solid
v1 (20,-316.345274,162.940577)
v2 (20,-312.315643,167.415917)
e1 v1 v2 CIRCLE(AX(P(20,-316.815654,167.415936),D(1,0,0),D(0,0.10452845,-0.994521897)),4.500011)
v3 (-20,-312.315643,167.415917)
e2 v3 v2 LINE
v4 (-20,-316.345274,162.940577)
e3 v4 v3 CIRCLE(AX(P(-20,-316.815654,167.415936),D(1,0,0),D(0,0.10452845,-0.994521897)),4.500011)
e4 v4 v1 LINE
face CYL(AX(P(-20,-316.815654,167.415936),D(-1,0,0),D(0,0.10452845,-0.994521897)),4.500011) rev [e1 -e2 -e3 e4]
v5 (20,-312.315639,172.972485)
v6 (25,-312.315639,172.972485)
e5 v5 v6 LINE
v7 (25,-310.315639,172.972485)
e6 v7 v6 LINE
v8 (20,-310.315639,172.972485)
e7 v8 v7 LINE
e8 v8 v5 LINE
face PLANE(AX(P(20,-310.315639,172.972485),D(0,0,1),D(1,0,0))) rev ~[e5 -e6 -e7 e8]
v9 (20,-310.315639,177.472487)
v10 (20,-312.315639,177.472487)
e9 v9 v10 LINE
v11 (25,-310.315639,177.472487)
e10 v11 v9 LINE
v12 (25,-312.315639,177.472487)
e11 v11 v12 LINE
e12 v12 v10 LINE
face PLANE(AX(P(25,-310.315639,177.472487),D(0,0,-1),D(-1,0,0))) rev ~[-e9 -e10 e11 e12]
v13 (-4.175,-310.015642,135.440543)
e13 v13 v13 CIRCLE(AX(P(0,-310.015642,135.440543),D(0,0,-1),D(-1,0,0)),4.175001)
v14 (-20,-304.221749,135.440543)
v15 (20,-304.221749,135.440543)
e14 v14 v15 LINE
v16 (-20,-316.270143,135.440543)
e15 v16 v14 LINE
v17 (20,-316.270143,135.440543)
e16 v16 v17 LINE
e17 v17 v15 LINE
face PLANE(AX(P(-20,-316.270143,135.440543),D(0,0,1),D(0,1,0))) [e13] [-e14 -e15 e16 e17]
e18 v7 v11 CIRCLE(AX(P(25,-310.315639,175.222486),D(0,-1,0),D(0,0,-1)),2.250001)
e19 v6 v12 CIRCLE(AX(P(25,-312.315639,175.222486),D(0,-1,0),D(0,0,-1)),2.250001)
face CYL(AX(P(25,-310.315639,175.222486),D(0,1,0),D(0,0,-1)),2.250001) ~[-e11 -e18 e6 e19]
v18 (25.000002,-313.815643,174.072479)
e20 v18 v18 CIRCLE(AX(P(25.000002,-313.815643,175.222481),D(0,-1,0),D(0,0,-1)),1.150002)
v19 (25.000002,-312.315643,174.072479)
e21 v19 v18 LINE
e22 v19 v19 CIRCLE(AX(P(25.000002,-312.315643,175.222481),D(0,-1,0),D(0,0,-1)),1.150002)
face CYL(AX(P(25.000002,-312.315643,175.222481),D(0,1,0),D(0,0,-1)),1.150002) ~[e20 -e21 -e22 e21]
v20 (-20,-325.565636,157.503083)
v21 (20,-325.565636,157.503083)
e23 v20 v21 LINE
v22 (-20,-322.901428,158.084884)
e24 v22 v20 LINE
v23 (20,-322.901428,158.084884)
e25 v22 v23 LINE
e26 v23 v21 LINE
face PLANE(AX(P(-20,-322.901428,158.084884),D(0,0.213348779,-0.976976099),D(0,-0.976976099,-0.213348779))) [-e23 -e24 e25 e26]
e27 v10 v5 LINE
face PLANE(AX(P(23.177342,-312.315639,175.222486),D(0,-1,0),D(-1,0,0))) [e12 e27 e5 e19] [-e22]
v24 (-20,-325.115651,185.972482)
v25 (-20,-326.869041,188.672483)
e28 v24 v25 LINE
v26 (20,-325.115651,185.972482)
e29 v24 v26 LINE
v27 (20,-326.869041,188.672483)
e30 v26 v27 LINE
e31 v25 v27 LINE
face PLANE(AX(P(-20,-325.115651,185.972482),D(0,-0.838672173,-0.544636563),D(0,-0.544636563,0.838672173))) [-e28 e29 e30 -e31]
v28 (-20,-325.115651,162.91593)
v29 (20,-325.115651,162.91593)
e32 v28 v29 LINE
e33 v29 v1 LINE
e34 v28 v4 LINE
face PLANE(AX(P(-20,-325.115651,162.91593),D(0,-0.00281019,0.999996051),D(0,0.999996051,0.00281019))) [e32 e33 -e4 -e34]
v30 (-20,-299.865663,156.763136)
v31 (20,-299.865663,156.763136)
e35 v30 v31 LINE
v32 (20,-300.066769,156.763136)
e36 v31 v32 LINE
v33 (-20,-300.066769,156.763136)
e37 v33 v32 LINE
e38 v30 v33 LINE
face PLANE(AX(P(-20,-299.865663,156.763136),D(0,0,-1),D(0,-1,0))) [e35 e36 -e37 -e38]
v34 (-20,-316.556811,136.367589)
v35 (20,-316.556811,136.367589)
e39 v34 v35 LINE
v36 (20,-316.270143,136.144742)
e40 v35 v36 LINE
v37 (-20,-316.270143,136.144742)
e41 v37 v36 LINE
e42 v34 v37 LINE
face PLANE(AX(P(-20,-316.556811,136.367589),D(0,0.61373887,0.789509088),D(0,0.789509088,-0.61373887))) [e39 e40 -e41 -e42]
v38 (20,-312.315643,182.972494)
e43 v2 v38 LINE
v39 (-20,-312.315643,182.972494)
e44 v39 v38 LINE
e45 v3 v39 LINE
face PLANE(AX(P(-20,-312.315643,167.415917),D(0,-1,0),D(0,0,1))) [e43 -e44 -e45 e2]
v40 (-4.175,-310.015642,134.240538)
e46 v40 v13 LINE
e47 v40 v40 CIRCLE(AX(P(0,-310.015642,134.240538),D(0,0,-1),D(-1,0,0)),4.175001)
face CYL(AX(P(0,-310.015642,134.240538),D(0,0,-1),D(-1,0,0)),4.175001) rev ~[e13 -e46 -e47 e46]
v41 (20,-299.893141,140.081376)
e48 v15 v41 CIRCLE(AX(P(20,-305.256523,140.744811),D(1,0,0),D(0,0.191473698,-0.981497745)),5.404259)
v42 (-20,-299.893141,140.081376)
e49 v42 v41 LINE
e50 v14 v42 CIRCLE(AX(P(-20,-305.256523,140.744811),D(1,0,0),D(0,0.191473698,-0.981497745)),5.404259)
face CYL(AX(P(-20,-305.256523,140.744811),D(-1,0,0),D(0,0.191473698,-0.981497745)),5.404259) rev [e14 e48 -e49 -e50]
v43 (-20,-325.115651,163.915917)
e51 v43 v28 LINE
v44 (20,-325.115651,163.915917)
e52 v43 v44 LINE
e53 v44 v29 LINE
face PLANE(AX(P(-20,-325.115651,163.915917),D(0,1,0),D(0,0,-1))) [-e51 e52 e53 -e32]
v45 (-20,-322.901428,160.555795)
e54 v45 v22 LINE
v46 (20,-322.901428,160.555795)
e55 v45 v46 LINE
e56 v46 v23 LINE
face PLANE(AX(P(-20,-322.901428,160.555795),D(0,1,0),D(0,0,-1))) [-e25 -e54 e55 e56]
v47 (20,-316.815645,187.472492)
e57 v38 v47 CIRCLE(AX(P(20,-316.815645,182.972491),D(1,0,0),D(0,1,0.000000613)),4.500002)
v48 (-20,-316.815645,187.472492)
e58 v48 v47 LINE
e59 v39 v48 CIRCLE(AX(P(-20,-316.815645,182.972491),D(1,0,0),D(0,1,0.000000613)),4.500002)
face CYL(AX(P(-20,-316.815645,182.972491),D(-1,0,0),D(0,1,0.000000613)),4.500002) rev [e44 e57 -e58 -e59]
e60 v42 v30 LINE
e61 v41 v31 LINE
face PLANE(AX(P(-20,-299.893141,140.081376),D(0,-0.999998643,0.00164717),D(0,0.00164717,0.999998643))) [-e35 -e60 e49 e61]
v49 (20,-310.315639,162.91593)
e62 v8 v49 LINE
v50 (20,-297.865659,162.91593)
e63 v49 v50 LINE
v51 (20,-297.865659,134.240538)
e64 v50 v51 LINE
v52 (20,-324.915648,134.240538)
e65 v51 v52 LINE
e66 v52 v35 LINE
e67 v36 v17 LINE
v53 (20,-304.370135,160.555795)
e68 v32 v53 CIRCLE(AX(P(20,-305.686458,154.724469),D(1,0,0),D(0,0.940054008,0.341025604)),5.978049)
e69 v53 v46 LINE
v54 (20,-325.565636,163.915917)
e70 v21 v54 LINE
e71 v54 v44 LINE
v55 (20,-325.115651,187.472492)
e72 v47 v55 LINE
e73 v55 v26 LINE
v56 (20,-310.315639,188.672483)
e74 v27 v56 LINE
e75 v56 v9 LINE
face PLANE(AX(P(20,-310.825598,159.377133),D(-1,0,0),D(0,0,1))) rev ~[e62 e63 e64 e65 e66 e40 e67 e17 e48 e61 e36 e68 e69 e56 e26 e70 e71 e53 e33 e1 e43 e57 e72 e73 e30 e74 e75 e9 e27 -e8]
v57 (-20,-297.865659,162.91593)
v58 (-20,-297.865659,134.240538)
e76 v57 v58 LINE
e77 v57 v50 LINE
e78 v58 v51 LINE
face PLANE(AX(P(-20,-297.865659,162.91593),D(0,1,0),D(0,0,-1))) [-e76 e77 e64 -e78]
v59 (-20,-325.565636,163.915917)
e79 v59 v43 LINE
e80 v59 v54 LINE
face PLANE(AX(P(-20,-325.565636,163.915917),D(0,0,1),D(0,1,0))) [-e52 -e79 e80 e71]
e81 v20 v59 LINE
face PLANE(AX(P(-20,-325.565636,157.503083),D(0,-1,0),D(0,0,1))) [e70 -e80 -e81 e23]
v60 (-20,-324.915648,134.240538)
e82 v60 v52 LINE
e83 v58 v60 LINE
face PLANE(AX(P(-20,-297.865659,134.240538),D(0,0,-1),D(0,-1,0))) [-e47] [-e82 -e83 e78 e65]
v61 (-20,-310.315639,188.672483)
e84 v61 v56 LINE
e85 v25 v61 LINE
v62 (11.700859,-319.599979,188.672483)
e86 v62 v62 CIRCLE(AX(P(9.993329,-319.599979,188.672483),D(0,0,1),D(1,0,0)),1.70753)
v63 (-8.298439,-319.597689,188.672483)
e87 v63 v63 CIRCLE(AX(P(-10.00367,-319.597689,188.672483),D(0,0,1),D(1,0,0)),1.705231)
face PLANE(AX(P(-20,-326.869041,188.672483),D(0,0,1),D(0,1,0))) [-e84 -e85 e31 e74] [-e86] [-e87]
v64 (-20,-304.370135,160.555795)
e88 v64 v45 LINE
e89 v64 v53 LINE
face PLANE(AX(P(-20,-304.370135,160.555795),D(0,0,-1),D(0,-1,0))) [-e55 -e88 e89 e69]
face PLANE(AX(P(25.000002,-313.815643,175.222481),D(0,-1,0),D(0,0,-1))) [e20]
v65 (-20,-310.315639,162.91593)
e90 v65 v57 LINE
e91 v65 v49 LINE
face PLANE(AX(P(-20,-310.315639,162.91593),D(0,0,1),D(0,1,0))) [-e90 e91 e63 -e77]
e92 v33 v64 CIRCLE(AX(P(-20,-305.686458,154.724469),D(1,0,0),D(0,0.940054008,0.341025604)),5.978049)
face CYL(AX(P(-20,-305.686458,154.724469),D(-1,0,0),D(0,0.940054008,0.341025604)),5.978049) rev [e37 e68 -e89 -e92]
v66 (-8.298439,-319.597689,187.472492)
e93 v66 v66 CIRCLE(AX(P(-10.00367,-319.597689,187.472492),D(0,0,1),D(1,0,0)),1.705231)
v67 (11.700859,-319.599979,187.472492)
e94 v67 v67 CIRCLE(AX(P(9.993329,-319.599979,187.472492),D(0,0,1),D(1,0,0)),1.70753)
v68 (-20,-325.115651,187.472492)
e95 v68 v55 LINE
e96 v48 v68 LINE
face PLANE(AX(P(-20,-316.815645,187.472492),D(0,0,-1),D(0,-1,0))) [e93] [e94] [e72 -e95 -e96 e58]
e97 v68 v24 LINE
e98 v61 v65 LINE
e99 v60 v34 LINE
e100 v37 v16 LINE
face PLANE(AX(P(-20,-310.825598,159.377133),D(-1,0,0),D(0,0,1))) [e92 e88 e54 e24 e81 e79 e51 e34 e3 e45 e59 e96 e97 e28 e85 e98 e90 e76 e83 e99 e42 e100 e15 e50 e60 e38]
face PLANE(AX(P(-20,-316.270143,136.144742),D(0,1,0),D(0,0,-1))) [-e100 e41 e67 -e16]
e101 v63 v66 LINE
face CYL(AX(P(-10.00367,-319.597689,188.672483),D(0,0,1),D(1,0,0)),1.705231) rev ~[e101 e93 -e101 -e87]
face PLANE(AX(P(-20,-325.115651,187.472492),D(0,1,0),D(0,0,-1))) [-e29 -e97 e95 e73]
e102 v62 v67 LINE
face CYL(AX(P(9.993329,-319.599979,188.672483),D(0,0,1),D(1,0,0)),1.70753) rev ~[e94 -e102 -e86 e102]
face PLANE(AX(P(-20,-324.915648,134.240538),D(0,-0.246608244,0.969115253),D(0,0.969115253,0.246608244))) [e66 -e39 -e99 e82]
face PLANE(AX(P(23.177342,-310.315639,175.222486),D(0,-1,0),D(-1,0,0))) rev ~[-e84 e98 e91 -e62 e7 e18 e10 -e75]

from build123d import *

# Parameters (mm, degrees)
BOSS_EXTRUDE1_DEPTH      = 20
BOSS_EXTRUDE1_DEPTH_BACK = 20
BOSS_EXTRUDE2_DEPTH      = 2
SKETCH3_R                = 1.150002101
BOSS_EXTRUDE3_DEPTH      = 1.5
SKETCH4_R                = 4.175000755
CUT_EXTRUDE2_DEPTH       = 2
SKETCH5_R                = 1.705230735
SKETCH5_R_2              = 1.707530227
CUT_EXTRUDE4_DEPTH       = 2


with BuildPart() as part:
    # Sketch1 → Boss-Extrude1 (new, two sides: drawn at the far end of the back side and taken through both)
    with BuildSketch(Plane(origin=(0, 0, 0), x_dir=(0, 0, -1), z_dir=(1, 0, 0)).offset(-BOSS_EXTRUDE1_DEPTH_BACK)):
        with BuildLine():
            Line((-187.472492456, -316.815644503), (-187.472492456, -325.115650892))
            Line((-187.472492456, -325.115650892), (-185.972481966, -325.115650892))
            Line((-185.972481966, -325.115650892), (-188.672482967, -326.869040728))
            Line((-188.672482967, -326.869040728), (-188.672482967, -312.315642834))
            Line((-188.672482967, -312.315642834), (-188.672482967, -310.315638781))
            Line((-188.672482967, -310.315638781), (-162.915930152, -310.315638781))
            Line((-162.915930152, -310.315638781), (-162.915930152, -297.865658998))
            Line((-162.915930152, -297.865658998), (-134.240537882, -297.865658998))
            Line((-134.240537882, -297.865658998), (-134.240537882, -324.915647507))
            Line((-134.240537882, -324.915647507), (-136.367589235, -316.556811333))
            Line((-136.367589235, -316.556811333), (-136.14474237, -316.270142794))
            Line((-136.14474237, -316.270142794), (-135.440543294, -316.270142794))
            Line((-135.440543294, -316.270142794), (-135.440543294, -304.221749306))
            ThreePointArc((-135.440543294, -304.221749306), (-137.058677208, -301.304506823), (-140.081375837, -299.893140793))
            Line((-140.081375837, -299.893140793), (-156.763136387, -299.865663052))
            Line((-156.763136387, -299.865663052), (-156.763136387, -300.066769123))
            ThreePointArc((-156.763136387, -300.066769123), (-159.209325453, -301.733847579), (-160.555794835, -304.370135069))
            Line((-160.555794835, -304.370135069), (-160.555794835, -322.901427746))
            Line((-160.555794835, -322.901427746), (-158.084884286, -322.901427746))
            Line((-158.084884286, -322.901427746), (-157.503083348, -325.565636158))
            Line((-157.503083348, -325.565636158), (-162.915930152, -325.565636158))
            Line((-162.915930152, -325.565636158), (-163.915917277, -325.565636158))
            Line((-163.915917277, -325.565636158), (-163.915917277, -325.115650892))
            Line((-163.915917277, -325.115650892), (-162.915930152, -325.115650892))
            Line((-162.915930152, -325.115650892), (-162.940576673, -316.345274448))
            ThreePointArc((-162.940576673, -316.345274448), (-164.404833902, -313.471500259), (-167.41591692, -312.315642834))
            Line((-167.41591692, -312.315642834), (-182.972493545, -312.315642834))
            ThreePointArc((-182.972493545, -312.315642834), (-186.154473458, -313.633663782), (-187.472492456, -316.815644503))
        make_face()
    extrude(amount=BOSS_EXTRUDE1_DEPTH + BOSS_EXTRUDE1_DEPTH_BACK)

    # Sketch2 → Boss-Extrude2 (add)
    with BuildSketch(Plane(origin=(0, -310.315638781, 0), x_dir=(1, 0, 0), z_dir=(0, 1, 0))):
        with BuildLine():
            Line((19.999999553, -172.972485423), (25.000000373, -172.972485423))
            ThreePointArc((25.000000373, -172.972485423), (27.250001207, -175.222486258), (25.000000373, -177.472487092))
            Line((25.000000373, -177.472487092), (19.999999553, -177.472487092))
            Line((19.999999553, -177.472487092), (19.999999553, -172.972485423))
        make_face()
    extrude(amount=-BOSS_EXTRUDE2_DEPTH)


with BuildPart() as boss_extrude3_tool:
    # Sketch3 → Boss-Extrude3 (new body)
    with BuildSketch(Plane.XZ.offset(312.315642834)):
        with Locations((25.000001633, 175.222481271)):
            Circle(SKETCH3_R)
    extrude(amount=BOSS_EXTRUDE3_DEPTH)


with BuildPart() as part_1:
    add(part.part)


with BuildPart() as part_2:
    # Boss-Extrude3: joined with boss_extrude3_tool
    add(part_1.part.fuse(boss_extrude3_tool.part, tol=0.00001))

    # Sketch4 → Cut-Extrude2 (cut)
    with BuildSketch(Plane(origin=(0, 0, 134.240537882), x_dir=(-1, 0, 0), z_dir=(0, 0, -1))):
        with Locations((-3.97e-07, -310.01564175)):
            Circle(SKETCH4_R)
    extrude(amount=-CUT_EXTRUDE2_DEPTH, mode=Mode.SUBTRACT)

    # Sketch5 → Cut-Extrude4 (cut)
    with BuildSketch(Plane.XY.offset(188.672482967)):
        with Locations((-10.003669951, -319.597688846)):
            Circle(SKETCH5_R)
        with Locations((9.993329109, -319.599979292)):
            Circle(SKETCH5_R_2)
    extrude(amount=-CUT_EXTRUDE4_DEPTH, mode=Mode.SUBTRACT)


solid = part_2.part
